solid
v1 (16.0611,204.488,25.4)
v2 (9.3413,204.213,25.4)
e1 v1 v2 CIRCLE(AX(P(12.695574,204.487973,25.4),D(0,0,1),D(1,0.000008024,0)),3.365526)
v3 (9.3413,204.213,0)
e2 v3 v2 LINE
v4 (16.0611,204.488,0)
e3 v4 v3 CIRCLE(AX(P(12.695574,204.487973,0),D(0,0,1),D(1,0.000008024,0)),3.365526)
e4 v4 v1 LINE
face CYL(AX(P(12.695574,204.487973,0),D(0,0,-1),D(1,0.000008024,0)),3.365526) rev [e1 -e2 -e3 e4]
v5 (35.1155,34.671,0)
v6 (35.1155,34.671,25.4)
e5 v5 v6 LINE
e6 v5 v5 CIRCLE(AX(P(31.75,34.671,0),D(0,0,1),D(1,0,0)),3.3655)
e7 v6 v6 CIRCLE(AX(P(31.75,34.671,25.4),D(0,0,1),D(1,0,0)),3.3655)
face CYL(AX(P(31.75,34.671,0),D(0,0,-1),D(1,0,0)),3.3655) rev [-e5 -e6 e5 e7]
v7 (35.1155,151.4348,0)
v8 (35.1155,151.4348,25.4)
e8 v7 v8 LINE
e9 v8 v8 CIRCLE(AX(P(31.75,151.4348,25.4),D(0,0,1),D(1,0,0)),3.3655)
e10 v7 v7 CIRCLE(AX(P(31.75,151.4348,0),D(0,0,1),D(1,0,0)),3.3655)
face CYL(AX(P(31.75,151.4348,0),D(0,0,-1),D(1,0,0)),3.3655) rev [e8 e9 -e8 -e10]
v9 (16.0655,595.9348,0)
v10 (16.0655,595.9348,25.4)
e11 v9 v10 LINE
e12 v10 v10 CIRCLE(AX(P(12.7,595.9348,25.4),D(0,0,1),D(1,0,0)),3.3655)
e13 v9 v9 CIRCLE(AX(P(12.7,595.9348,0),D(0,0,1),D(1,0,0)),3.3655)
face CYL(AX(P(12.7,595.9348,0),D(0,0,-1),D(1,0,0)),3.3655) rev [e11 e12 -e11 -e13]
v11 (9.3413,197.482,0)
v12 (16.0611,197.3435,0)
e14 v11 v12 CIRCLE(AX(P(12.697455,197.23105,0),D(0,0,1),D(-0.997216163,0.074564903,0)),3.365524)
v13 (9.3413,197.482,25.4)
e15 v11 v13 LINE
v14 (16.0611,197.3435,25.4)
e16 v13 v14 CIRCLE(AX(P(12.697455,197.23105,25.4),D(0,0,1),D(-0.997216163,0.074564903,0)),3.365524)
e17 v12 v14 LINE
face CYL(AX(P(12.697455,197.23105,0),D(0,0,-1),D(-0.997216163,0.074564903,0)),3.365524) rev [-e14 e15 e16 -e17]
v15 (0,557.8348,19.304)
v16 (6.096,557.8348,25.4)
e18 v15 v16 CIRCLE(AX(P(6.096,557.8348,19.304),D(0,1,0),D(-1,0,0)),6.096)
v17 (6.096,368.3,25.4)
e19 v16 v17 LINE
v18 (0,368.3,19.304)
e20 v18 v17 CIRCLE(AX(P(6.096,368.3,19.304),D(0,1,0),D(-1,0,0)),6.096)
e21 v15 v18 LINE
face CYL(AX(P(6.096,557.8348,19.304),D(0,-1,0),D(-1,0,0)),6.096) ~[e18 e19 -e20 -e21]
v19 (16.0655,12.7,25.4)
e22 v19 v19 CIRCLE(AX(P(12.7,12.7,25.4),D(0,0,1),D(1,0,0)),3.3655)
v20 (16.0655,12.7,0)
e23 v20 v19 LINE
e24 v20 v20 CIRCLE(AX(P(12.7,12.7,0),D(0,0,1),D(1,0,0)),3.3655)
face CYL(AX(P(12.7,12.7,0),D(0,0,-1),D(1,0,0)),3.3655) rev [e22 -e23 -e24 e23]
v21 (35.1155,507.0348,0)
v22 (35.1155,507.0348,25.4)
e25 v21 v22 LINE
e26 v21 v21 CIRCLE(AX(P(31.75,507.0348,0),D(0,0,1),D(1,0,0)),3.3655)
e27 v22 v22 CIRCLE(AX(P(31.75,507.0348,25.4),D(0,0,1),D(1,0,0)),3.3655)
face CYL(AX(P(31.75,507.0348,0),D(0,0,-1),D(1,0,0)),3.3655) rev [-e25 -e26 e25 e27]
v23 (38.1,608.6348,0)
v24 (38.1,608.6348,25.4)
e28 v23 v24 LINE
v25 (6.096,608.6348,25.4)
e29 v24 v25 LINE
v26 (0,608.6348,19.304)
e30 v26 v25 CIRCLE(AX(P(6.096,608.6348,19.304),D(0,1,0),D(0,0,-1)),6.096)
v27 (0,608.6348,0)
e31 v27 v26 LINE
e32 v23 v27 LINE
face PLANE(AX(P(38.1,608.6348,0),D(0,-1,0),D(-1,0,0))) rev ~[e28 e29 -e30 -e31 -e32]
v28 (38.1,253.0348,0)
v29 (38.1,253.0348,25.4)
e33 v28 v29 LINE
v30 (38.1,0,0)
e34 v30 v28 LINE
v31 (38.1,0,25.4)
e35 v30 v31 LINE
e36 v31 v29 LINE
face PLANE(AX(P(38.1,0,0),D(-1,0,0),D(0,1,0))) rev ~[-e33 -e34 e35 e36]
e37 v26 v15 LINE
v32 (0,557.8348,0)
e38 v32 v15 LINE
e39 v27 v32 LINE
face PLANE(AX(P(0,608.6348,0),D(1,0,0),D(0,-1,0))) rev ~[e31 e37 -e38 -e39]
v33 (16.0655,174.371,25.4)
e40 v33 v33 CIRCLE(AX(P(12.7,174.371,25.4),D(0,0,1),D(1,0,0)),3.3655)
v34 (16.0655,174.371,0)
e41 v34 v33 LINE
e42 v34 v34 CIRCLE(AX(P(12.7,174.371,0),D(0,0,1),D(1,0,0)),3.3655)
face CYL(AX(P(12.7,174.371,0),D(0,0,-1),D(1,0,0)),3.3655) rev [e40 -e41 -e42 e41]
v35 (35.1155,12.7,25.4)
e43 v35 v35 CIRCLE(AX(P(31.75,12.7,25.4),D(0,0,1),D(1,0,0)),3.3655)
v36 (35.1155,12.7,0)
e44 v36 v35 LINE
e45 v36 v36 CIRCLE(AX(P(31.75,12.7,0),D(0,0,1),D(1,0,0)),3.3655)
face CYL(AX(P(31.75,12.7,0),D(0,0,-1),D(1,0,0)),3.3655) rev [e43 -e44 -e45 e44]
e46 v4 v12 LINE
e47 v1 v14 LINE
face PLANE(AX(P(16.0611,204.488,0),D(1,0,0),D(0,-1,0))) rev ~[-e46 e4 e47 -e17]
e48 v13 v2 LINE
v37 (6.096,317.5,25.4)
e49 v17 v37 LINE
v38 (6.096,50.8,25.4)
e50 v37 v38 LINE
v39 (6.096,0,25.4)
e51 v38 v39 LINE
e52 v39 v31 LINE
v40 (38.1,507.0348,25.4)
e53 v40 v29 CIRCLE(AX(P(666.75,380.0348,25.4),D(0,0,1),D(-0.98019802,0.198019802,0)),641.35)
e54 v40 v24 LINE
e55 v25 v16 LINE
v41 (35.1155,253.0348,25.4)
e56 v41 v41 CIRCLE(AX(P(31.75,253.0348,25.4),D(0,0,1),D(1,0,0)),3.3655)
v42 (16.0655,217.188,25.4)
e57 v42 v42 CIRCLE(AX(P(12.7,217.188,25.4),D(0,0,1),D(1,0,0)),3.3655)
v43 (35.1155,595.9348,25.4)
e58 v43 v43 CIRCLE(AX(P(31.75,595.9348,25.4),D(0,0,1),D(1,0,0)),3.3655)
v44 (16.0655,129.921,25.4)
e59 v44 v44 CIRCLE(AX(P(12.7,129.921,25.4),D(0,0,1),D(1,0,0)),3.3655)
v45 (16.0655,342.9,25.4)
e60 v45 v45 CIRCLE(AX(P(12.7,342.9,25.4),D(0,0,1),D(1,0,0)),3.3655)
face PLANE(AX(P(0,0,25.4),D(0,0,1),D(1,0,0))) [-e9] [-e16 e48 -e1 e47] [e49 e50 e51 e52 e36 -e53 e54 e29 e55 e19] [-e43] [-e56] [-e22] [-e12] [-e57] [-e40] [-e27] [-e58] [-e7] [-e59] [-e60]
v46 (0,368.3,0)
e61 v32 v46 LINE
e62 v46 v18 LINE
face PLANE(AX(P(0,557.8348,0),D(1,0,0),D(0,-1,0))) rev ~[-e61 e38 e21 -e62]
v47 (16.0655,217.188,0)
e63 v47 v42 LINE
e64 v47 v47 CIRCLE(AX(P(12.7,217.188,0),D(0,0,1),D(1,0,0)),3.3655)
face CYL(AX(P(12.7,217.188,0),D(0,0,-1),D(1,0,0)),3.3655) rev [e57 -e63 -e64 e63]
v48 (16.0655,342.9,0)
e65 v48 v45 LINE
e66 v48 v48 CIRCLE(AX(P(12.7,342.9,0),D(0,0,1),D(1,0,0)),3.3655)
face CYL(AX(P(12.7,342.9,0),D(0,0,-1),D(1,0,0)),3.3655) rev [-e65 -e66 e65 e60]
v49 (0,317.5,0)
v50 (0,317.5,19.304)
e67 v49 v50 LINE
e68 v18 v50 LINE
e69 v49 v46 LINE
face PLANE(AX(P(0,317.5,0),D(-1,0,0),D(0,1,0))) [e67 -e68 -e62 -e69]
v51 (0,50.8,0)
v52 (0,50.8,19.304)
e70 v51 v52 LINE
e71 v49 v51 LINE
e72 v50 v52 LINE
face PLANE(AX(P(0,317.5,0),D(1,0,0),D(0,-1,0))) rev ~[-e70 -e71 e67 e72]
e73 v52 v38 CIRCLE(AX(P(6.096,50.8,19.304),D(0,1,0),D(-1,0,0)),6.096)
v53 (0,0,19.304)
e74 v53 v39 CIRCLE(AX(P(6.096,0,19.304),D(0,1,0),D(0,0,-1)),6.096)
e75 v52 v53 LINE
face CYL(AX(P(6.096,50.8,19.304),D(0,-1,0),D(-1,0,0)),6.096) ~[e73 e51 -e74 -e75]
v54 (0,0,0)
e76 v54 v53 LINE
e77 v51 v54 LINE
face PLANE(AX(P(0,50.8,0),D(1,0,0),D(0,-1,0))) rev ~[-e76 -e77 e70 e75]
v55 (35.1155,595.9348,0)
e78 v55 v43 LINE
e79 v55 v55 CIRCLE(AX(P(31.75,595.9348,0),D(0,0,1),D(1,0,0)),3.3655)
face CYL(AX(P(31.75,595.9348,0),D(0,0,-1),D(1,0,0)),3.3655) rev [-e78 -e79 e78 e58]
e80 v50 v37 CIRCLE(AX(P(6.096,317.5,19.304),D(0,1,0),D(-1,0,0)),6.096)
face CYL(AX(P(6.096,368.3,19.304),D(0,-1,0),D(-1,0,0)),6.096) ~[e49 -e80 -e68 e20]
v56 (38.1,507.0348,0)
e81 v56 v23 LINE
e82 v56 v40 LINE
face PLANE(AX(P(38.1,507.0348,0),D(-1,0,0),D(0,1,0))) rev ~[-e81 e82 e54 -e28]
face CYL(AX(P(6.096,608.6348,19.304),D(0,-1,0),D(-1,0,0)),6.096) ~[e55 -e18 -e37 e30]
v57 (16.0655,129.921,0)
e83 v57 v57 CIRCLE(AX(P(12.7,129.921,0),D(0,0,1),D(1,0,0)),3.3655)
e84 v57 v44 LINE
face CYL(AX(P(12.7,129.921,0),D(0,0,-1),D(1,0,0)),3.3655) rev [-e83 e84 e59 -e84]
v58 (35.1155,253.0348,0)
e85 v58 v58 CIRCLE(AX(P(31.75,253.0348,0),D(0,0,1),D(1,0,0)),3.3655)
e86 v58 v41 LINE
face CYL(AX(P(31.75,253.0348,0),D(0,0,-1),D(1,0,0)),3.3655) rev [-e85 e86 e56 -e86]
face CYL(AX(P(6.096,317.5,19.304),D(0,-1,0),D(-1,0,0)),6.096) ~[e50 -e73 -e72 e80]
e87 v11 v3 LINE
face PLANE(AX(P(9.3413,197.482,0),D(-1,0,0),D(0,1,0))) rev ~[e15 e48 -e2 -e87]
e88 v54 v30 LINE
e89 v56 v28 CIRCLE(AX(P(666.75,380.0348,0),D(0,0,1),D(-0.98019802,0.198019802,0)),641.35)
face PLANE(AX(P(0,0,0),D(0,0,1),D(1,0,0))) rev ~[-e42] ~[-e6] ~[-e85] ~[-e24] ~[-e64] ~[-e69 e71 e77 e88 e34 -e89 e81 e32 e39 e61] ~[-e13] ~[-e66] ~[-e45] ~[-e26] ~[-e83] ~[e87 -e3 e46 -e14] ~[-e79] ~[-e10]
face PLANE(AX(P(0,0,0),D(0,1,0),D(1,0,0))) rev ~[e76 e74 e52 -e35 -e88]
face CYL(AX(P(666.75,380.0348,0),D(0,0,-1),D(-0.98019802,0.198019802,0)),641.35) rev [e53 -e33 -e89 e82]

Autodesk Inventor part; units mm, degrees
ref_plane "YZ Plane" through (0, 0, 0) normal (1, 0, 0) x (0, 1, 0)
ref_plane "XZ Plane" through (0, 0, 0) normal (0, 1, 0) x (-1, 0, 0)
ref_plane "XY Plane" through (0, 0, 0) normal (0, 0, 1) x (1, 0, 0)
sketch "Sketch1" plane through (0, 0, 0) normal (0, 0, 1) x (1, 0, 0)
  line L0 (0, 0) -> (38.1, 0)
  line L1 (38.1, 0) -> (38.1, 253.0348)
  arc A0 (38.1, 507.0348) -> (38.1, 253.0348) centre (666.75, 380.0348) ccw
  line L2 (38.1, 507.0348) -> (38.1, 608.6348)
  line L3 (38.1, 608.6348) -> (0, 608.6348)
  line L4 (0, 608.6348) -> (0, 0)
  circle A1 centre (31.75, 151.4348) radius 3.3655
  circle A2 centre (31.75, 34.671) radius 3.3655
  circle A3 centre (12.7, 12.7) radius 3.3655
  circle A4 centre (12.7, 342.9) radius 3.3655
  circle A5 centre (12.7, 595.9348) radius 3.3655
  circle A6 centre (31.75, 12.7) radius 3.3655
  circle A7 centre (31.75, 253.0348) radius 3.3655
  circle A8 centre (31.75, 507.0348) radius 3.3655
  circle A9 centre (31.75, 595.9348) radius 3.3655
  line L5 (0, 557.8348) -> (0, 608.6348)
  line L6 (0, 50.8) -> (0, 0)
  line L7 (12.7, 342.9) -> (0, 304.3174) construction
  line L8 (0, 317.5) -> (0, 368.3)
  line L9 (0, 129.921) -> (12.7, 129.921) construction
  circle A10 centre (12.7, 129.921) radius 3.3655
  circle A11 centre (12.7, 174.371) radius 3.3655
  line L10 (9.3413, 197.482) -> (9.3413, 204.213)
  line L11 (16.0611, 204.488) -> (16.0611, 197.3435)
  arc A12 (16.0611, 204.488) -> (9.3413, 204.213) centre (12.6956, 204.488) ccw
  arc A13 (9.3413, 197.482) -> (16.0611, 197.3435) centre (12.6974, 197.231) ccw
  circle A14 centre (12.7, 217.188) radius 3.3655
  dimension "d0" = 38.1
  dimension "d2" = 101.6
  dimension "d4" = 457.2
  dimension "d5" = 101.6
  dimension "d6" = 666.75
  dimension "d7" = 641.35
  dimension "d9" = 116.7638
  dimension "d10" = 6.35
  dimension "d11" = 6.35
  dimension "d13" = 12.7
  dimension "d14" = 12.7
  dimension "d16" = 12.7
  dimension "d17" = 342.9
  dimension "d19" = 12.7
  dimension "d20" = 12.7
  dimension "d22" = 6.35
  dimension "d24" = 6.35
  dimension "d25" = 6.731
  dimension "d26" = 6.35
  dimension "hole" = 6.731
  dimension "d28" = 6.35
  dimension "d45" = 12.7
  dimension "d47" = 12.7
  dimension "d54" = 6.731
  dimension "d55" = 3.3655
  dimension "d56" = 3.3655
  dimension "d58" = 6.731
  dimension "d59" = 12.7
  dimension "d68" = 18.22
  dimension "d69" = 90
  dimension "d70" = 90
  dimension "d71" = 22.0389
  dimension "d72" = 28.7587
  dimension "d73" = 478.7138
  dimension "d74" = 6.35
  dimension "d75" = 6.35
  dimension "d76" = 595.9348
  dimension "d77" = 404.1468
  dimension "d78" = 411.2913
  dimension "d79" = 25.4
  dimension "d80" = 25.4
  dimension "d81" = 434.2638
  dimension "d82" = 50.8
  dimension "d83" = 240.3348
  dimension "d84" = 291.1348
  dimension "d85" = 557.8348
extrude "Extrusion2" add sketch "Sketch1" along normal blind 25.4
fillet "Fillet1" radius 6.096 2 edges at (0, 184.15, 25.4) (0, 488.4674, 25.4)
equation "\"d25\" = hole"
equation "\"BendRadius\" = Thickness"
equation "\"BendReliefWidth\" = Thickness"
equation "\"BendReliefDepth\" = 0.5 * Thickness"
equation "\"CornerReliefSize\" = 4 * Thickness"
equation "\"MinimumRemnant\" = 2 * Thickness"
equation "\"TransitionRadius\" = BendRadius"
equation "\"JacobiRadiusSize\" = BendRadius"
equation "\"GapSize\" = Thickness"
equation "\"d29\" = BendRadius"
equation "\"d32\" = BendRadius"
equation "\"d38\" = BendRadius"
equation "\"d60\" = BendRadius"
equation "\"Thickness\" = 3.048"
properties part number "Claw - Arm - Top (R) Bottom"
